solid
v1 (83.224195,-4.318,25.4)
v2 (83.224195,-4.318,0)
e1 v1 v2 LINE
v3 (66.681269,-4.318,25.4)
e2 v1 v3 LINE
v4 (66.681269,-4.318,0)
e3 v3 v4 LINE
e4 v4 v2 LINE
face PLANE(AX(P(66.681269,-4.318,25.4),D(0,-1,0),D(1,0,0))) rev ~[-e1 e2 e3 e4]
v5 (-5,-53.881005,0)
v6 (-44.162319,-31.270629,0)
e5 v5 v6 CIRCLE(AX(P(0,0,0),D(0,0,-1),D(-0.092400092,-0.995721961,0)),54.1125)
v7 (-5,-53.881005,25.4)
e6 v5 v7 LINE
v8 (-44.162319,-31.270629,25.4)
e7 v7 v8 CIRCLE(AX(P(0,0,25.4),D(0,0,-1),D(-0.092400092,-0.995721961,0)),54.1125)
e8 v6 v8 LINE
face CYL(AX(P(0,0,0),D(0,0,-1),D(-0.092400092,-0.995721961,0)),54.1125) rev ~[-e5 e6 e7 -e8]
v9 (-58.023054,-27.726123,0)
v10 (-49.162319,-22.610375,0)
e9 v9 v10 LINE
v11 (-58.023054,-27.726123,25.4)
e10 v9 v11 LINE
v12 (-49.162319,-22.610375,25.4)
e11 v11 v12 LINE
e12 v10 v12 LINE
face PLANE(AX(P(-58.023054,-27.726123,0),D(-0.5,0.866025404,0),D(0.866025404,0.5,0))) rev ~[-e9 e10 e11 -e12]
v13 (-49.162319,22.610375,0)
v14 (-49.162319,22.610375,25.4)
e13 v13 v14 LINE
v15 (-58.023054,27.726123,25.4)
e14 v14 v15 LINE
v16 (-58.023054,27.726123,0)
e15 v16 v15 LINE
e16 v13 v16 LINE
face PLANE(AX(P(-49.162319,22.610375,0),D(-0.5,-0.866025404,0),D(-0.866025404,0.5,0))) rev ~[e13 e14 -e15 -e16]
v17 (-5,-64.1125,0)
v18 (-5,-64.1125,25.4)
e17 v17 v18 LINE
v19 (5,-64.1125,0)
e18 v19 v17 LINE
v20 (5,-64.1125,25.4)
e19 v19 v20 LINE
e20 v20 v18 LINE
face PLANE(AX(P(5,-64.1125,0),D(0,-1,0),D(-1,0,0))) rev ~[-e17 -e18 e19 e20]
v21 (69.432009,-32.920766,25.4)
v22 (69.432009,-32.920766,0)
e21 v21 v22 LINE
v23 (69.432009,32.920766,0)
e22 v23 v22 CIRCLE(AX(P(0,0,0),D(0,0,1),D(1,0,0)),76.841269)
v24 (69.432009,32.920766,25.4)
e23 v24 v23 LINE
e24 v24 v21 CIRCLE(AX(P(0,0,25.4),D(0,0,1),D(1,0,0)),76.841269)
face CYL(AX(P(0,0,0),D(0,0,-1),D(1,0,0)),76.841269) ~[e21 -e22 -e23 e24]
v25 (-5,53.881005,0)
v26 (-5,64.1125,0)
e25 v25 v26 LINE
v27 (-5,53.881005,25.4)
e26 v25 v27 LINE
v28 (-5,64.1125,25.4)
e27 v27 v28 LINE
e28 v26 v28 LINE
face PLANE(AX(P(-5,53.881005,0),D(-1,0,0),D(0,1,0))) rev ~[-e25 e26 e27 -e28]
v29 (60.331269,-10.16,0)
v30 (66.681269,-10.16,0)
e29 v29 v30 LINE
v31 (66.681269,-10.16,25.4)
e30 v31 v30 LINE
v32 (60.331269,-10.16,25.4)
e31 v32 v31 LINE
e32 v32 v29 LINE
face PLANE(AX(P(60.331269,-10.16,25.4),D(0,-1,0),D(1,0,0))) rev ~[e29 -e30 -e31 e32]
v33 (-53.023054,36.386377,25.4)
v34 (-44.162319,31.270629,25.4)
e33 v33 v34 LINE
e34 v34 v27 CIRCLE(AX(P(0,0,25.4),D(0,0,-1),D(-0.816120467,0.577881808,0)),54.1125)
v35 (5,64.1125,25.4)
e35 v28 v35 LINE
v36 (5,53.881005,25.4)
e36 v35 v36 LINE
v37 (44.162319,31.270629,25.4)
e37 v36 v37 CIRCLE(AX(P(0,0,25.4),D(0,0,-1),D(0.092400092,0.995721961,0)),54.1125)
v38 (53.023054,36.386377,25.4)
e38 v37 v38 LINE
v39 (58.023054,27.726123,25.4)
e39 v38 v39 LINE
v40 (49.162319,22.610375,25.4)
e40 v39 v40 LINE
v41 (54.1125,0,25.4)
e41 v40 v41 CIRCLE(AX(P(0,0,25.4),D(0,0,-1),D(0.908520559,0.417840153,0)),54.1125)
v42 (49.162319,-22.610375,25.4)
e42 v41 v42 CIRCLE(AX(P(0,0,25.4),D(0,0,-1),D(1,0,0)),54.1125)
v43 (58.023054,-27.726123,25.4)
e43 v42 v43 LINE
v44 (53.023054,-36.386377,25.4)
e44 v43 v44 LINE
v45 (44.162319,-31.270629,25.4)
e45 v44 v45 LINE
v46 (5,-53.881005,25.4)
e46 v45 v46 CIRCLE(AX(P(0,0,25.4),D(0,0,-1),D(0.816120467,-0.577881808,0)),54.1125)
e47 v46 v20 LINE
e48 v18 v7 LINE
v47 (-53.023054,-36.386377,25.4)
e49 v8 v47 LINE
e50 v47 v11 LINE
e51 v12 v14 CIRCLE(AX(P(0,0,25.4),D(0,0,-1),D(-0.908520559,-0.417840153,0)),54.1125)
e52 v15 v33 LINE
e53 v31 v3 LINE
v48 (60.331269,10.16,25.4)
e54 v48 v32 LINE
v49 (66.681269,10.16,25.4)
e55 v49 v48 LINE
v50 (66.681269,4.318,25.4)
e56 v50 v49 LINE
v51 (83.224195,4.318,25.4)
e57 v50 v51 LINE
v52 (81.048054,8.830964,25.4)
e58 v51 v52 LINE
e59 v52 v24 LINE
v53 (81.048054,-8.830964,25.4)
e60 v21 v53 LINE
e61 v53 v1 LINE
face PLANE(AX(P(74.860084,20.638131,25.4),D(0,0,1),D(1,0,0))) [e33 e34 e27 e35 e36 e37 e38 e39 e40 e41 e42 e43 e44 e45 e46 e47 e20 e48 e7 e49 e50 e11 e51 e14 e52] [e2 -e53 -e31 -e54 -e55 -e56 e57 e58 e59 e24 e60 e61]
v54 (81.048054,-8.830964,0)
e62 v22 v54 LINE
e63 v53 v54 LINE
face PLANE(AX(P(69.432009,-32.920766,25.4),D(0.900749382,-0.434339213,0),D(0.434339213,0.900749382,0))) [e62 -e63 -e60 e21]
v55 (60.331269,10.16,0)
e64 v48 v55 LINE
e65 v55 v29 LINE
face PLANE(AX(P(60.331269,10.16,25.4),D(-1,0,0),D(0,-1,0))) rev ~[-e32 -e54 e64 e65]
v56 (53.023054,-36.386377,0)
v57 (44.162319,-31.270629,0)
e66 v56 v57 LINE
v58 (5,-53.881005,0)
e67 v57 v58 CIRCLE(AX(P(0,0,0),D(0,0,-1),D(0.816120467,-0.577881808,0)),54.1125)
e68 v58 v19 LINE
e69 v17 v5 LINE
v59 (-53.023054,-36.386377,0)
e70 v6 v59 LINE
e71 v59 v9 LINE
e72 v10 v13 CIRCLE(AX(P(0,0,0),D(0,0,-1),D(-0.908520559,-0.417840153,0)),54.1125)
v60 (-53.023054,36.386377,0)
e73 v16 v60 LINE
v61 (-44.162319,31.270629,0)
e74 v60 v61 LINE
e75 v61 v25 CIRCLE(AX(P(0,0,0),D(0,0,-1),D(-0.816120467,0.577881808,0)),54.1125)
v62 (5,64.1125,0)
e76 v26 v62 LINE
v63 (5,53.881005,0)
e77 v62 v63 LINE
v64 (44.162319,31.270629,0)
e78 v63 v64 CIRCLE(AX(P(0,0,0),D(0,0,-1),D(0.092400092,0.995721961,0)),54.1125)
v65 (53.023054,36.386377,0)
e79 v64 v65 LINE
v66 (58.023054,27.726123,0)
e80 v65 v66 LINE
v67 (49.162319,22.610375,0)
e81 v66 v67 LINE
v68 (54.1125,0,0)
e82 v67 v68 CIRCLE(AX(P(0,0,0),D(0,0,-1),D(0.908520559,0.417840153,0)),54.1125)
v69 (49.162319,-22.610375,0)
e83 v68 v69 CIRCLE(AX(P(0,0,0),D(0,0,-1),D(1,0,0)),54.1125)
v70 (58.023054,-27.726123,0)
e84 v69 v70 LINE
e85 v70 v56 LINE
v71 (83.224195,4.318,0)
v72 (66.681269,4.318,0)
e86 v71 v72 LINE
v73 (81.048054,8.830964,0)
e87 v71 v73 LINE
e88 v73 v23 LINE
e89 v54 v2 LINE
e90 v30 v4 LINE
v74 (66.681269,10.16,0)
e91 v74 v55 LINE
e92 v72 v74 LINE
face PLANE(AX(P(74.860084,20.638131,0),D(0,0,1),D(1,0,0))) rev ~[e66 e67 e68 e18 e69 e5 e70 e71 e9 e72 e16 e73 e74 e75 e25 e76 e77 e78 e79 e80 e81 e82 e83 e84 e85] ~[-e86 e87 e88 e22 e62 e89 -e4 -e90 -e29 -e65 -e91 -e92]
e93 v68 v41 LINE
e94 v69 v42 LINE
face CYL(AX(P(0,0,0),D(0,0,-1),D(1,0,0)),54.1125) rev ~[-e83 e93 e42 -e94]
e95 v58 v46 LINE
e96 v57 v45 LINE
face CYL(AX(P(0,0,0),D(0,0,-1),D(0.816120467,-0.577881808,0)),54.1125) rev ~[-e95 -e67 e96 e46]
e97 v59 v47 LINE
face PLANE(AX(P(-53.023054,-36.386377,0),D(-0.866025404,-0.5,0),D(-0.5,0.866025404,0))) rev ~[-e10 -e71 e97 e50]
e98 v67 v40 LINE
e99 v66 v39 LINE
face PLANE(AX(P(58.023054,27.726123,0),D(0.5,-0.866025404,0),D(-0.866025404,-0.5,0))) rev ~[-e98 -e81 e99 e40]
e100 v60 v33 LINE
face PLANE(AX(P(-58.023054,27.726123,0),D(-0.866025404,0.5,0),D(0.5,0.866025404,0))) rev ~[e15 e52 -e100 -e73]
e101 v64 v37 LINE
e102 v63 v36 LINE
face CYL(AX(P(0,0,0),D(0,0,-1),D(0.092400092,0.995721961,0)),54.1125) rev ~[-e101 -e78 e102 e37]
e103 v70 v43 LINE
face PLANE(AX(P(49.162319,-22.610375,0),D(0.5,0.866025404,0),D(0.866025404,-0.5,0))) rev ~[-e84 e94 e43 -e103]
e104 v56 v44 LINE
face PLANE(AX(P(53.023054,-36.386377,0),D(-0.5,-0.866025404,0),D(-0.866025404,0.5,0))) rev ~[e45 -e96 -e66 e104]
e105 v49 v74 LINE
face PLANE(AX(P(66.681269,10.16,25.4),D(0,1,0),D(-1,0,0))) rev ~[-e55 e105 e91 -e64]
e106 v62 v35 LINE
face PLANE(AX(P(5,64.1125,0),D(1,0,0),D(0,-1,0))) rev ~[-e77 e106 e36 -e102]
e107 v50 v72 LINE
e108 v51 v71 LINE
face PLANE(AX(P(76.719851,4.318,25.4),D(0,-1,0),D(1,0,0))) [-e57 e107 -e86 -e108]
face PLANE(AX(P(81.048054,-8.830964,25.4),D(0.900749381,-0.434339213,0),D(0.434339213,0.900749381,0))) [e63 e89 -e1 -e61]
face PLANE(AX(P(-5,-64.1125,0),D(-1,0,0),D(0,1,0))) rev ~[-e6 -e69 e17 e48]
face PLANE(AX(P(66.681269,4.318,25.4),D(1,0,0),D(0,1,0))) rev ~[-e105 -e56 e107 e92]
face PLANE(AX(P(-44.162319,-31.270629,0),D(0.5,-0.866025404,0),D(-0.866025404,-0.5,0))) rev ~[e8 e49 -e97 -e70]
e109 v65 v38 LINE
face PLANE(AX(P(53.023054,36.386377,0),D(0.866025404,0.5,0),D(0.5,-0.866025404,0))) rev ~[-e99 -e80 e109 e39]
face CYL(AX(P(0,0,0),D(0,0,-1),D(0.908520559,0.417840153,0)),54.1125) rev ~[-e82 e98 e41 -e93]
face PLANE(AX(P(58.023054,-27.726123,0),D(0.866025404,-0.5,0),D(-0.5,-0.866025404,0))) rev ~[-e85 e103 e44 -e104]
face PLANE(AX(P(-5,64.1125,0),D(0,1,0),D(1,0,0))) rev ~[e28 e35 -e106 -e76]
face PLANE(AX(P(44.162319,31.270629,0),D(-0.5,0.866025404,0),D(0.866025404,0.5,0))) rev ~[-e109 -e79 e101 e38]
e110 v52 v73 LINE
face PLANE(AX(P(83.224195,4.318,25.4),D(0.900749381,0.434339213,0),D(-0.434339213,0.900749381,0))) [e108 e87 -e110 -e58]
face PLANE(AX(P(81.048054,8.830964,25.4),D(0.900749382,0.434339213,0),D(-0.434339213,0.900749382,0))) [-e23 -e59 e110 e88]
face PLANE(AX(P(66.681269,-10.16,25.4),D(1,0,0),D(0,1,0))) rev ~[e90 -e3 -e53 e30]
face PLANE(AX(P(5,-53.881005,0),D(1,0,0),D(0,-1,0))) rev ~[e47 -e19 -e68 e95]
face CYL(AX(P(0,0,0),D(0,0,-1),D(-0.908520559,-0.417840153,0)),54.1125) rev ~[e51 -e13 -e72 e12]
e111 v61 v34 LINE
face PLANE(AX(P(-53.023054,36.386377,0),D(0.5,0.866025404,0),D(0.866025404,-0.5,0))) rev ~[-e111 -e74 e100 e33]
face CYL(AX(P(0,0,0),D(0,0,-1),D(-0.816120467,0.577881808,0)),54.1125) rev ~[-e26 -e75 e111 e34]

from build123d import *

# Parameters (mm, degrees)
F0_R     = 76.841269309
F1_DEPTH = 25.4
F3_DEPTH = 2540
F4_DEPTH = 25.4


with BuildPart() as f1:
    # F0 (on Top) → F1 (new body)
    with BuildSketch(Plane.XY):
        Circle(F0_R)
        with BuildLine():
            ThreePointArc((49.1623187614, 22.610375279), (52.8604702506, 11.5729573203), (54.1125, 0))
            ThreePointArc((54.1125, 0), (52.8604702506, -11.5729573203), (49.1623187614, -22.610375279))
            Line((49.1623187614, -22.610375279), (58.0230537001, -27.7261229811))
            Line((58.0230537001, -27.7261229811), (53.0230537001, -36.3863770189))
            Line((53.0230537001, -36.3863770189), (44.1623187614, -31.2706293168))
            ThreePointArc((44.1623187614, -31.2706293168), (27.05625, -46.8627996623), (5, -53.8810045958))
            Line((5, -53.8810045958), (5, -64.1125))
            Line((5, -64.1125), (-5, -64.1125))
            Line((-5, -64.1125), (-5, -53.8810045958))
            ThreePointArc((-5, -53.8810045958), (-27.05625, -46.8627996623), (-44.1623187614, -31.2706293168))
            Line((-44.1623187614, -31.2706293168), (-53.0230537001, -36.3863770189))
            Line((-53.0230537001, -36.3863770189), (-58.0230537001, -27.7261229811))
            Line((-58.0230537001, -27.7261229811), (-49.1623187614, -22.610375279))
            ThreePointArc((-49.1623187614, -22.610375279), (-54.1125, 0), (-49.1623187614, 22.610375279))
            Line((-49.1623187614, 22.610375279), (-58.0230537001, 27.7261229811))
            Line((-58.0230537001, 27.7261229811), (-53.0230537001, 36.3863770189))
            Line((-53.0230537001, 36.3863770189), (-44.1623187614, 31.2706293168))
            ThreePointArc((-44.1623187614, 31.2706293168), (-27.05625, 46.8627996623), (-5, 53.8810045958))
            Line((-5, 53.8810045958), (-5, 64.1125))
            Line((-5, 64.1125), (5, 64.1125))
            Line((5, 64.1125), (5, 53.8810045958))
            ThreePointArc((5, 53.8810045958), (27.05625, 46.8627996623), (44.1623187614, 31.2706293168))
            Line((44.1623187614, 31.2706293168), (53.0230537001, 36.3863770189))
            Line((53.0230537001, 36.3863770189), (58.0230537001, 27.7261229811))
            Line((58.0230537001, 27.7261229811), (49.1623187614, 22.610375279))
        make_face(mode=Mode.SUBTRACT)
    extrude(amount=F1_DEPTH)

    # F2 (on face) → F3 (cut)
    with BuildSketch(Plane.XY.offset(25.4)):
        with BuildLine():
            Line((60.331269309, 0), (76.841269309, 0))
            ThreePointArc((76.841269309, 0), (76.8109087462, 2.1598533743), (76.7198510493, 4.318))
            Line((76.7198510493, 4.318), (71.6383990579, 4.318))
            Line((71.6383990579, 4.318), (66.681269309, 4.318))
            Line((66.681269309, 4.318), (66.681269309, 10.16))
            Line((66.681269309, 10.16), (60.331269309, 10.16))
            Line((60.331269309, 10.16), (60.331269309, 0))
        make_face()
        with BuildLine():
            Line((66.681269309, -4.318), (71.6383990579, -4.318))
            Line((71.6383990579, -4.318), (76.7198510493, -4.318))
            ThreePointArc((76.7198510493, -4.318), (76.8109087462, -2.1598533743), (76.841269309, 0))
            Line((76.841269309, 0), (60.331269309, 0))
            Line((60.331269309, 0), (60.331269309, -10.16))
            Line((60.331269309, -10.16), (66.681269309, -10.16))
            Line((66.681269309, -10.16), (66.681269309, -4.318))
        make_face()
    extrude(amount=-F3_DEPTH, mode=Mode.SUBTRACT)

    # F2 (on face) → F4 (join)
    with BuildSketch(Plane.XY.offset(25.4)):
        with BuildLine():
            Line((81.0480539402, 8.8309641961), (69.4320089527, 32.9207655108))
            ThreePointArc((69.4320089527, 32.9207655108), (72.3316680057, 25.93666271), (74.5307966821, 18.7013639864))
            add(Edge.make_bspline(
                [(74.5307966821, 18.7013639864), (75.9347240562, 15.3777124362), (77.4050082281, 12.5783342613), (78.9966583252, 10.7205696404)],
                knots=[0.3571653837, 0.3571653837, 0.3571653837, 0.3571653837, 0.6407462723, 0.6407462723, 0.6407462723, 0.6407462723], degree=3))
            add(Edge.make_bspline(
                [(78.9966583252, 10.7205696404), (79.6616242514, 9.944425327), (80.3477738062, 9.3326335024), (81.0480539402, 8.8309641961)],
                knots=[0.6407462723, 0.6407462723, 0.6407462723, 0.6407462723, 0.759221827, 0.759221827, 0.759221827, 0.759221827], degree=3))
        make_face()
        with BuildLine():
            add(Edge.make_bspline(
                [(74.5307966821, 18.7013639864), (75.9347240562, 15.3777124362), (77.4050082281, 12.5783342613), (78.9966583252, 10.7205696404)],
                knots=[0.3571653837, 0.3571653837, 0.3571653837, 0.3571653837, 0.6407462723, 0.6407462723, 0.6407462723, 0.6407462723], degree=3))
            ThreePointArc((74.5307966821, 18.7013639864), (75.4668021106, 14.4686712665), (76.1626284874, 10.1899308588))
            Line((76.1626284874, 10.1899308588), (78.9966583252, 10.7205696404))
        make_face()
        with BuildLine():
            ThreePointArc((76.1626284874, 10.1899308588), (76.4976014678, 7.2593139274), (76.7198510493, 4.318))
            Line((76.7198510493, 4.318), (76.841269309, 4.318))
            Line((76.841269309, 4.318), (83.2241945586, 4.318))
            Line((83.2241945586, 4.318), (78.9966583252, 10.7205696404))
            Line((78.9966583252, 10.7205696404), (76.1626284874, 10.1899308588))
        make_face()
        with BuildLine():
            Line((83.2241945586, 4.318), (81.0480539402, 8.8309641961))
            add(Edge.make_bspline(
                [(78.9966583252, 10.7205696404), (79.6616242514, 9.944425327), (80.3477738062, 9.3326335024), (81.0480539402, 8.8309641961)],
                knots=[0.6407462723, 0.6407462723, 0.6407462723, 0.6407462723, 0.759221827, 0.759221827, 0.759221827, 0.759221827], degree=3))
            Line((78.9966583252, 10.7205696404), (83.2241945586, 4.318))
        make_face()
        with BuildLine():
            ThreePointArc((76.7198510493, -4.318), (76.4976014678, -7.2593139274), (76.1626284874, -10.1899308588))
            Line((76.1626284874, -10.1899308588), (78.9966583252, -10.7205696404))
            add(Edge.make_bspline(
                [(78.9966583252, -10.7205696404), (79.6616242514, -9.944425327), (80.3477738062, -9.3326335024), (81.0480539402, -8.8309641961)],
                knots=[0.6407462723, 0.6407462723, 0.6407462723, 0.6407462723, 0.759221827, 0.759221827, 0.759221827, 0.759221827], degree=3))
            Line((81.0480539402, -8.8309641961), (83.2241945586, -4.318))
            Line((83.2241945586, -4.318), (76.841269309, -4.318))
            Line((76.841269309, -4.318), (76.7198510493, -4.318))
        make_face()
        with BuildLine():
            add(Edge.make_bspline(
                [(78.9966583252, -10.7205696404), (79.6616242514, -9.944425327), (80.3477738062, -9.3326335024), (81.0480539402, -8.8309641961)],
                knots=[0.6407462723, 0.6407462723, 0.6407462723, 0.6407462723, 0.759221827, 0.759221827, 0.759221827, 0.759221827], degree=3))
            add(Edge.make_bspline(
                [(74.5307966821, -18.7013639864), (75.9347240562, -15.3777124362), (77.4050082281, -12.5783342613), (78.9966583252, -10.7205696404)],
                knots=[0.3571653837, 0.3571653837, 0.3571653837, 0.3571653837, 0.6407462723, 0.6407462723, 0.6407462723, 0.6407462723], degree=3))
            ThreePointArc((74.5307966821, -18.7013639864), (72.3316680057, -25.93666271), (69.4320089527, -32.9207655108))
            Line((69.4320089527, -32.9207655108), (81.0480539402, -8.8309641961))
        make_face()
        with BuildLine():
            Line((78.9966583252, -10.7205696404), (76.1626284874, -10.1899308588))
            ThreePointArc((76.1626284874, -10.1899308588), (75.4668021106, -14.4686712665), (74.5307966821, -18.7013639864))
            add(Edge.make_bspline(
                [(74.5307966821, -18.7013639864), (75.9347240562, -15.3777124362), (77.4050082281, -12.5783342613), (78.9966583252, -10.7205696404)],
                knots=[0.3571653837, 0.3571653837, 0.3571653837, 0.3571653837, 0.6407462723, 0.6407462723, 0.6407462723, 0.6407462723], degree=3))
        make_face()
    extrude(amount=-F4_DEPTH)


solid = f1.part
